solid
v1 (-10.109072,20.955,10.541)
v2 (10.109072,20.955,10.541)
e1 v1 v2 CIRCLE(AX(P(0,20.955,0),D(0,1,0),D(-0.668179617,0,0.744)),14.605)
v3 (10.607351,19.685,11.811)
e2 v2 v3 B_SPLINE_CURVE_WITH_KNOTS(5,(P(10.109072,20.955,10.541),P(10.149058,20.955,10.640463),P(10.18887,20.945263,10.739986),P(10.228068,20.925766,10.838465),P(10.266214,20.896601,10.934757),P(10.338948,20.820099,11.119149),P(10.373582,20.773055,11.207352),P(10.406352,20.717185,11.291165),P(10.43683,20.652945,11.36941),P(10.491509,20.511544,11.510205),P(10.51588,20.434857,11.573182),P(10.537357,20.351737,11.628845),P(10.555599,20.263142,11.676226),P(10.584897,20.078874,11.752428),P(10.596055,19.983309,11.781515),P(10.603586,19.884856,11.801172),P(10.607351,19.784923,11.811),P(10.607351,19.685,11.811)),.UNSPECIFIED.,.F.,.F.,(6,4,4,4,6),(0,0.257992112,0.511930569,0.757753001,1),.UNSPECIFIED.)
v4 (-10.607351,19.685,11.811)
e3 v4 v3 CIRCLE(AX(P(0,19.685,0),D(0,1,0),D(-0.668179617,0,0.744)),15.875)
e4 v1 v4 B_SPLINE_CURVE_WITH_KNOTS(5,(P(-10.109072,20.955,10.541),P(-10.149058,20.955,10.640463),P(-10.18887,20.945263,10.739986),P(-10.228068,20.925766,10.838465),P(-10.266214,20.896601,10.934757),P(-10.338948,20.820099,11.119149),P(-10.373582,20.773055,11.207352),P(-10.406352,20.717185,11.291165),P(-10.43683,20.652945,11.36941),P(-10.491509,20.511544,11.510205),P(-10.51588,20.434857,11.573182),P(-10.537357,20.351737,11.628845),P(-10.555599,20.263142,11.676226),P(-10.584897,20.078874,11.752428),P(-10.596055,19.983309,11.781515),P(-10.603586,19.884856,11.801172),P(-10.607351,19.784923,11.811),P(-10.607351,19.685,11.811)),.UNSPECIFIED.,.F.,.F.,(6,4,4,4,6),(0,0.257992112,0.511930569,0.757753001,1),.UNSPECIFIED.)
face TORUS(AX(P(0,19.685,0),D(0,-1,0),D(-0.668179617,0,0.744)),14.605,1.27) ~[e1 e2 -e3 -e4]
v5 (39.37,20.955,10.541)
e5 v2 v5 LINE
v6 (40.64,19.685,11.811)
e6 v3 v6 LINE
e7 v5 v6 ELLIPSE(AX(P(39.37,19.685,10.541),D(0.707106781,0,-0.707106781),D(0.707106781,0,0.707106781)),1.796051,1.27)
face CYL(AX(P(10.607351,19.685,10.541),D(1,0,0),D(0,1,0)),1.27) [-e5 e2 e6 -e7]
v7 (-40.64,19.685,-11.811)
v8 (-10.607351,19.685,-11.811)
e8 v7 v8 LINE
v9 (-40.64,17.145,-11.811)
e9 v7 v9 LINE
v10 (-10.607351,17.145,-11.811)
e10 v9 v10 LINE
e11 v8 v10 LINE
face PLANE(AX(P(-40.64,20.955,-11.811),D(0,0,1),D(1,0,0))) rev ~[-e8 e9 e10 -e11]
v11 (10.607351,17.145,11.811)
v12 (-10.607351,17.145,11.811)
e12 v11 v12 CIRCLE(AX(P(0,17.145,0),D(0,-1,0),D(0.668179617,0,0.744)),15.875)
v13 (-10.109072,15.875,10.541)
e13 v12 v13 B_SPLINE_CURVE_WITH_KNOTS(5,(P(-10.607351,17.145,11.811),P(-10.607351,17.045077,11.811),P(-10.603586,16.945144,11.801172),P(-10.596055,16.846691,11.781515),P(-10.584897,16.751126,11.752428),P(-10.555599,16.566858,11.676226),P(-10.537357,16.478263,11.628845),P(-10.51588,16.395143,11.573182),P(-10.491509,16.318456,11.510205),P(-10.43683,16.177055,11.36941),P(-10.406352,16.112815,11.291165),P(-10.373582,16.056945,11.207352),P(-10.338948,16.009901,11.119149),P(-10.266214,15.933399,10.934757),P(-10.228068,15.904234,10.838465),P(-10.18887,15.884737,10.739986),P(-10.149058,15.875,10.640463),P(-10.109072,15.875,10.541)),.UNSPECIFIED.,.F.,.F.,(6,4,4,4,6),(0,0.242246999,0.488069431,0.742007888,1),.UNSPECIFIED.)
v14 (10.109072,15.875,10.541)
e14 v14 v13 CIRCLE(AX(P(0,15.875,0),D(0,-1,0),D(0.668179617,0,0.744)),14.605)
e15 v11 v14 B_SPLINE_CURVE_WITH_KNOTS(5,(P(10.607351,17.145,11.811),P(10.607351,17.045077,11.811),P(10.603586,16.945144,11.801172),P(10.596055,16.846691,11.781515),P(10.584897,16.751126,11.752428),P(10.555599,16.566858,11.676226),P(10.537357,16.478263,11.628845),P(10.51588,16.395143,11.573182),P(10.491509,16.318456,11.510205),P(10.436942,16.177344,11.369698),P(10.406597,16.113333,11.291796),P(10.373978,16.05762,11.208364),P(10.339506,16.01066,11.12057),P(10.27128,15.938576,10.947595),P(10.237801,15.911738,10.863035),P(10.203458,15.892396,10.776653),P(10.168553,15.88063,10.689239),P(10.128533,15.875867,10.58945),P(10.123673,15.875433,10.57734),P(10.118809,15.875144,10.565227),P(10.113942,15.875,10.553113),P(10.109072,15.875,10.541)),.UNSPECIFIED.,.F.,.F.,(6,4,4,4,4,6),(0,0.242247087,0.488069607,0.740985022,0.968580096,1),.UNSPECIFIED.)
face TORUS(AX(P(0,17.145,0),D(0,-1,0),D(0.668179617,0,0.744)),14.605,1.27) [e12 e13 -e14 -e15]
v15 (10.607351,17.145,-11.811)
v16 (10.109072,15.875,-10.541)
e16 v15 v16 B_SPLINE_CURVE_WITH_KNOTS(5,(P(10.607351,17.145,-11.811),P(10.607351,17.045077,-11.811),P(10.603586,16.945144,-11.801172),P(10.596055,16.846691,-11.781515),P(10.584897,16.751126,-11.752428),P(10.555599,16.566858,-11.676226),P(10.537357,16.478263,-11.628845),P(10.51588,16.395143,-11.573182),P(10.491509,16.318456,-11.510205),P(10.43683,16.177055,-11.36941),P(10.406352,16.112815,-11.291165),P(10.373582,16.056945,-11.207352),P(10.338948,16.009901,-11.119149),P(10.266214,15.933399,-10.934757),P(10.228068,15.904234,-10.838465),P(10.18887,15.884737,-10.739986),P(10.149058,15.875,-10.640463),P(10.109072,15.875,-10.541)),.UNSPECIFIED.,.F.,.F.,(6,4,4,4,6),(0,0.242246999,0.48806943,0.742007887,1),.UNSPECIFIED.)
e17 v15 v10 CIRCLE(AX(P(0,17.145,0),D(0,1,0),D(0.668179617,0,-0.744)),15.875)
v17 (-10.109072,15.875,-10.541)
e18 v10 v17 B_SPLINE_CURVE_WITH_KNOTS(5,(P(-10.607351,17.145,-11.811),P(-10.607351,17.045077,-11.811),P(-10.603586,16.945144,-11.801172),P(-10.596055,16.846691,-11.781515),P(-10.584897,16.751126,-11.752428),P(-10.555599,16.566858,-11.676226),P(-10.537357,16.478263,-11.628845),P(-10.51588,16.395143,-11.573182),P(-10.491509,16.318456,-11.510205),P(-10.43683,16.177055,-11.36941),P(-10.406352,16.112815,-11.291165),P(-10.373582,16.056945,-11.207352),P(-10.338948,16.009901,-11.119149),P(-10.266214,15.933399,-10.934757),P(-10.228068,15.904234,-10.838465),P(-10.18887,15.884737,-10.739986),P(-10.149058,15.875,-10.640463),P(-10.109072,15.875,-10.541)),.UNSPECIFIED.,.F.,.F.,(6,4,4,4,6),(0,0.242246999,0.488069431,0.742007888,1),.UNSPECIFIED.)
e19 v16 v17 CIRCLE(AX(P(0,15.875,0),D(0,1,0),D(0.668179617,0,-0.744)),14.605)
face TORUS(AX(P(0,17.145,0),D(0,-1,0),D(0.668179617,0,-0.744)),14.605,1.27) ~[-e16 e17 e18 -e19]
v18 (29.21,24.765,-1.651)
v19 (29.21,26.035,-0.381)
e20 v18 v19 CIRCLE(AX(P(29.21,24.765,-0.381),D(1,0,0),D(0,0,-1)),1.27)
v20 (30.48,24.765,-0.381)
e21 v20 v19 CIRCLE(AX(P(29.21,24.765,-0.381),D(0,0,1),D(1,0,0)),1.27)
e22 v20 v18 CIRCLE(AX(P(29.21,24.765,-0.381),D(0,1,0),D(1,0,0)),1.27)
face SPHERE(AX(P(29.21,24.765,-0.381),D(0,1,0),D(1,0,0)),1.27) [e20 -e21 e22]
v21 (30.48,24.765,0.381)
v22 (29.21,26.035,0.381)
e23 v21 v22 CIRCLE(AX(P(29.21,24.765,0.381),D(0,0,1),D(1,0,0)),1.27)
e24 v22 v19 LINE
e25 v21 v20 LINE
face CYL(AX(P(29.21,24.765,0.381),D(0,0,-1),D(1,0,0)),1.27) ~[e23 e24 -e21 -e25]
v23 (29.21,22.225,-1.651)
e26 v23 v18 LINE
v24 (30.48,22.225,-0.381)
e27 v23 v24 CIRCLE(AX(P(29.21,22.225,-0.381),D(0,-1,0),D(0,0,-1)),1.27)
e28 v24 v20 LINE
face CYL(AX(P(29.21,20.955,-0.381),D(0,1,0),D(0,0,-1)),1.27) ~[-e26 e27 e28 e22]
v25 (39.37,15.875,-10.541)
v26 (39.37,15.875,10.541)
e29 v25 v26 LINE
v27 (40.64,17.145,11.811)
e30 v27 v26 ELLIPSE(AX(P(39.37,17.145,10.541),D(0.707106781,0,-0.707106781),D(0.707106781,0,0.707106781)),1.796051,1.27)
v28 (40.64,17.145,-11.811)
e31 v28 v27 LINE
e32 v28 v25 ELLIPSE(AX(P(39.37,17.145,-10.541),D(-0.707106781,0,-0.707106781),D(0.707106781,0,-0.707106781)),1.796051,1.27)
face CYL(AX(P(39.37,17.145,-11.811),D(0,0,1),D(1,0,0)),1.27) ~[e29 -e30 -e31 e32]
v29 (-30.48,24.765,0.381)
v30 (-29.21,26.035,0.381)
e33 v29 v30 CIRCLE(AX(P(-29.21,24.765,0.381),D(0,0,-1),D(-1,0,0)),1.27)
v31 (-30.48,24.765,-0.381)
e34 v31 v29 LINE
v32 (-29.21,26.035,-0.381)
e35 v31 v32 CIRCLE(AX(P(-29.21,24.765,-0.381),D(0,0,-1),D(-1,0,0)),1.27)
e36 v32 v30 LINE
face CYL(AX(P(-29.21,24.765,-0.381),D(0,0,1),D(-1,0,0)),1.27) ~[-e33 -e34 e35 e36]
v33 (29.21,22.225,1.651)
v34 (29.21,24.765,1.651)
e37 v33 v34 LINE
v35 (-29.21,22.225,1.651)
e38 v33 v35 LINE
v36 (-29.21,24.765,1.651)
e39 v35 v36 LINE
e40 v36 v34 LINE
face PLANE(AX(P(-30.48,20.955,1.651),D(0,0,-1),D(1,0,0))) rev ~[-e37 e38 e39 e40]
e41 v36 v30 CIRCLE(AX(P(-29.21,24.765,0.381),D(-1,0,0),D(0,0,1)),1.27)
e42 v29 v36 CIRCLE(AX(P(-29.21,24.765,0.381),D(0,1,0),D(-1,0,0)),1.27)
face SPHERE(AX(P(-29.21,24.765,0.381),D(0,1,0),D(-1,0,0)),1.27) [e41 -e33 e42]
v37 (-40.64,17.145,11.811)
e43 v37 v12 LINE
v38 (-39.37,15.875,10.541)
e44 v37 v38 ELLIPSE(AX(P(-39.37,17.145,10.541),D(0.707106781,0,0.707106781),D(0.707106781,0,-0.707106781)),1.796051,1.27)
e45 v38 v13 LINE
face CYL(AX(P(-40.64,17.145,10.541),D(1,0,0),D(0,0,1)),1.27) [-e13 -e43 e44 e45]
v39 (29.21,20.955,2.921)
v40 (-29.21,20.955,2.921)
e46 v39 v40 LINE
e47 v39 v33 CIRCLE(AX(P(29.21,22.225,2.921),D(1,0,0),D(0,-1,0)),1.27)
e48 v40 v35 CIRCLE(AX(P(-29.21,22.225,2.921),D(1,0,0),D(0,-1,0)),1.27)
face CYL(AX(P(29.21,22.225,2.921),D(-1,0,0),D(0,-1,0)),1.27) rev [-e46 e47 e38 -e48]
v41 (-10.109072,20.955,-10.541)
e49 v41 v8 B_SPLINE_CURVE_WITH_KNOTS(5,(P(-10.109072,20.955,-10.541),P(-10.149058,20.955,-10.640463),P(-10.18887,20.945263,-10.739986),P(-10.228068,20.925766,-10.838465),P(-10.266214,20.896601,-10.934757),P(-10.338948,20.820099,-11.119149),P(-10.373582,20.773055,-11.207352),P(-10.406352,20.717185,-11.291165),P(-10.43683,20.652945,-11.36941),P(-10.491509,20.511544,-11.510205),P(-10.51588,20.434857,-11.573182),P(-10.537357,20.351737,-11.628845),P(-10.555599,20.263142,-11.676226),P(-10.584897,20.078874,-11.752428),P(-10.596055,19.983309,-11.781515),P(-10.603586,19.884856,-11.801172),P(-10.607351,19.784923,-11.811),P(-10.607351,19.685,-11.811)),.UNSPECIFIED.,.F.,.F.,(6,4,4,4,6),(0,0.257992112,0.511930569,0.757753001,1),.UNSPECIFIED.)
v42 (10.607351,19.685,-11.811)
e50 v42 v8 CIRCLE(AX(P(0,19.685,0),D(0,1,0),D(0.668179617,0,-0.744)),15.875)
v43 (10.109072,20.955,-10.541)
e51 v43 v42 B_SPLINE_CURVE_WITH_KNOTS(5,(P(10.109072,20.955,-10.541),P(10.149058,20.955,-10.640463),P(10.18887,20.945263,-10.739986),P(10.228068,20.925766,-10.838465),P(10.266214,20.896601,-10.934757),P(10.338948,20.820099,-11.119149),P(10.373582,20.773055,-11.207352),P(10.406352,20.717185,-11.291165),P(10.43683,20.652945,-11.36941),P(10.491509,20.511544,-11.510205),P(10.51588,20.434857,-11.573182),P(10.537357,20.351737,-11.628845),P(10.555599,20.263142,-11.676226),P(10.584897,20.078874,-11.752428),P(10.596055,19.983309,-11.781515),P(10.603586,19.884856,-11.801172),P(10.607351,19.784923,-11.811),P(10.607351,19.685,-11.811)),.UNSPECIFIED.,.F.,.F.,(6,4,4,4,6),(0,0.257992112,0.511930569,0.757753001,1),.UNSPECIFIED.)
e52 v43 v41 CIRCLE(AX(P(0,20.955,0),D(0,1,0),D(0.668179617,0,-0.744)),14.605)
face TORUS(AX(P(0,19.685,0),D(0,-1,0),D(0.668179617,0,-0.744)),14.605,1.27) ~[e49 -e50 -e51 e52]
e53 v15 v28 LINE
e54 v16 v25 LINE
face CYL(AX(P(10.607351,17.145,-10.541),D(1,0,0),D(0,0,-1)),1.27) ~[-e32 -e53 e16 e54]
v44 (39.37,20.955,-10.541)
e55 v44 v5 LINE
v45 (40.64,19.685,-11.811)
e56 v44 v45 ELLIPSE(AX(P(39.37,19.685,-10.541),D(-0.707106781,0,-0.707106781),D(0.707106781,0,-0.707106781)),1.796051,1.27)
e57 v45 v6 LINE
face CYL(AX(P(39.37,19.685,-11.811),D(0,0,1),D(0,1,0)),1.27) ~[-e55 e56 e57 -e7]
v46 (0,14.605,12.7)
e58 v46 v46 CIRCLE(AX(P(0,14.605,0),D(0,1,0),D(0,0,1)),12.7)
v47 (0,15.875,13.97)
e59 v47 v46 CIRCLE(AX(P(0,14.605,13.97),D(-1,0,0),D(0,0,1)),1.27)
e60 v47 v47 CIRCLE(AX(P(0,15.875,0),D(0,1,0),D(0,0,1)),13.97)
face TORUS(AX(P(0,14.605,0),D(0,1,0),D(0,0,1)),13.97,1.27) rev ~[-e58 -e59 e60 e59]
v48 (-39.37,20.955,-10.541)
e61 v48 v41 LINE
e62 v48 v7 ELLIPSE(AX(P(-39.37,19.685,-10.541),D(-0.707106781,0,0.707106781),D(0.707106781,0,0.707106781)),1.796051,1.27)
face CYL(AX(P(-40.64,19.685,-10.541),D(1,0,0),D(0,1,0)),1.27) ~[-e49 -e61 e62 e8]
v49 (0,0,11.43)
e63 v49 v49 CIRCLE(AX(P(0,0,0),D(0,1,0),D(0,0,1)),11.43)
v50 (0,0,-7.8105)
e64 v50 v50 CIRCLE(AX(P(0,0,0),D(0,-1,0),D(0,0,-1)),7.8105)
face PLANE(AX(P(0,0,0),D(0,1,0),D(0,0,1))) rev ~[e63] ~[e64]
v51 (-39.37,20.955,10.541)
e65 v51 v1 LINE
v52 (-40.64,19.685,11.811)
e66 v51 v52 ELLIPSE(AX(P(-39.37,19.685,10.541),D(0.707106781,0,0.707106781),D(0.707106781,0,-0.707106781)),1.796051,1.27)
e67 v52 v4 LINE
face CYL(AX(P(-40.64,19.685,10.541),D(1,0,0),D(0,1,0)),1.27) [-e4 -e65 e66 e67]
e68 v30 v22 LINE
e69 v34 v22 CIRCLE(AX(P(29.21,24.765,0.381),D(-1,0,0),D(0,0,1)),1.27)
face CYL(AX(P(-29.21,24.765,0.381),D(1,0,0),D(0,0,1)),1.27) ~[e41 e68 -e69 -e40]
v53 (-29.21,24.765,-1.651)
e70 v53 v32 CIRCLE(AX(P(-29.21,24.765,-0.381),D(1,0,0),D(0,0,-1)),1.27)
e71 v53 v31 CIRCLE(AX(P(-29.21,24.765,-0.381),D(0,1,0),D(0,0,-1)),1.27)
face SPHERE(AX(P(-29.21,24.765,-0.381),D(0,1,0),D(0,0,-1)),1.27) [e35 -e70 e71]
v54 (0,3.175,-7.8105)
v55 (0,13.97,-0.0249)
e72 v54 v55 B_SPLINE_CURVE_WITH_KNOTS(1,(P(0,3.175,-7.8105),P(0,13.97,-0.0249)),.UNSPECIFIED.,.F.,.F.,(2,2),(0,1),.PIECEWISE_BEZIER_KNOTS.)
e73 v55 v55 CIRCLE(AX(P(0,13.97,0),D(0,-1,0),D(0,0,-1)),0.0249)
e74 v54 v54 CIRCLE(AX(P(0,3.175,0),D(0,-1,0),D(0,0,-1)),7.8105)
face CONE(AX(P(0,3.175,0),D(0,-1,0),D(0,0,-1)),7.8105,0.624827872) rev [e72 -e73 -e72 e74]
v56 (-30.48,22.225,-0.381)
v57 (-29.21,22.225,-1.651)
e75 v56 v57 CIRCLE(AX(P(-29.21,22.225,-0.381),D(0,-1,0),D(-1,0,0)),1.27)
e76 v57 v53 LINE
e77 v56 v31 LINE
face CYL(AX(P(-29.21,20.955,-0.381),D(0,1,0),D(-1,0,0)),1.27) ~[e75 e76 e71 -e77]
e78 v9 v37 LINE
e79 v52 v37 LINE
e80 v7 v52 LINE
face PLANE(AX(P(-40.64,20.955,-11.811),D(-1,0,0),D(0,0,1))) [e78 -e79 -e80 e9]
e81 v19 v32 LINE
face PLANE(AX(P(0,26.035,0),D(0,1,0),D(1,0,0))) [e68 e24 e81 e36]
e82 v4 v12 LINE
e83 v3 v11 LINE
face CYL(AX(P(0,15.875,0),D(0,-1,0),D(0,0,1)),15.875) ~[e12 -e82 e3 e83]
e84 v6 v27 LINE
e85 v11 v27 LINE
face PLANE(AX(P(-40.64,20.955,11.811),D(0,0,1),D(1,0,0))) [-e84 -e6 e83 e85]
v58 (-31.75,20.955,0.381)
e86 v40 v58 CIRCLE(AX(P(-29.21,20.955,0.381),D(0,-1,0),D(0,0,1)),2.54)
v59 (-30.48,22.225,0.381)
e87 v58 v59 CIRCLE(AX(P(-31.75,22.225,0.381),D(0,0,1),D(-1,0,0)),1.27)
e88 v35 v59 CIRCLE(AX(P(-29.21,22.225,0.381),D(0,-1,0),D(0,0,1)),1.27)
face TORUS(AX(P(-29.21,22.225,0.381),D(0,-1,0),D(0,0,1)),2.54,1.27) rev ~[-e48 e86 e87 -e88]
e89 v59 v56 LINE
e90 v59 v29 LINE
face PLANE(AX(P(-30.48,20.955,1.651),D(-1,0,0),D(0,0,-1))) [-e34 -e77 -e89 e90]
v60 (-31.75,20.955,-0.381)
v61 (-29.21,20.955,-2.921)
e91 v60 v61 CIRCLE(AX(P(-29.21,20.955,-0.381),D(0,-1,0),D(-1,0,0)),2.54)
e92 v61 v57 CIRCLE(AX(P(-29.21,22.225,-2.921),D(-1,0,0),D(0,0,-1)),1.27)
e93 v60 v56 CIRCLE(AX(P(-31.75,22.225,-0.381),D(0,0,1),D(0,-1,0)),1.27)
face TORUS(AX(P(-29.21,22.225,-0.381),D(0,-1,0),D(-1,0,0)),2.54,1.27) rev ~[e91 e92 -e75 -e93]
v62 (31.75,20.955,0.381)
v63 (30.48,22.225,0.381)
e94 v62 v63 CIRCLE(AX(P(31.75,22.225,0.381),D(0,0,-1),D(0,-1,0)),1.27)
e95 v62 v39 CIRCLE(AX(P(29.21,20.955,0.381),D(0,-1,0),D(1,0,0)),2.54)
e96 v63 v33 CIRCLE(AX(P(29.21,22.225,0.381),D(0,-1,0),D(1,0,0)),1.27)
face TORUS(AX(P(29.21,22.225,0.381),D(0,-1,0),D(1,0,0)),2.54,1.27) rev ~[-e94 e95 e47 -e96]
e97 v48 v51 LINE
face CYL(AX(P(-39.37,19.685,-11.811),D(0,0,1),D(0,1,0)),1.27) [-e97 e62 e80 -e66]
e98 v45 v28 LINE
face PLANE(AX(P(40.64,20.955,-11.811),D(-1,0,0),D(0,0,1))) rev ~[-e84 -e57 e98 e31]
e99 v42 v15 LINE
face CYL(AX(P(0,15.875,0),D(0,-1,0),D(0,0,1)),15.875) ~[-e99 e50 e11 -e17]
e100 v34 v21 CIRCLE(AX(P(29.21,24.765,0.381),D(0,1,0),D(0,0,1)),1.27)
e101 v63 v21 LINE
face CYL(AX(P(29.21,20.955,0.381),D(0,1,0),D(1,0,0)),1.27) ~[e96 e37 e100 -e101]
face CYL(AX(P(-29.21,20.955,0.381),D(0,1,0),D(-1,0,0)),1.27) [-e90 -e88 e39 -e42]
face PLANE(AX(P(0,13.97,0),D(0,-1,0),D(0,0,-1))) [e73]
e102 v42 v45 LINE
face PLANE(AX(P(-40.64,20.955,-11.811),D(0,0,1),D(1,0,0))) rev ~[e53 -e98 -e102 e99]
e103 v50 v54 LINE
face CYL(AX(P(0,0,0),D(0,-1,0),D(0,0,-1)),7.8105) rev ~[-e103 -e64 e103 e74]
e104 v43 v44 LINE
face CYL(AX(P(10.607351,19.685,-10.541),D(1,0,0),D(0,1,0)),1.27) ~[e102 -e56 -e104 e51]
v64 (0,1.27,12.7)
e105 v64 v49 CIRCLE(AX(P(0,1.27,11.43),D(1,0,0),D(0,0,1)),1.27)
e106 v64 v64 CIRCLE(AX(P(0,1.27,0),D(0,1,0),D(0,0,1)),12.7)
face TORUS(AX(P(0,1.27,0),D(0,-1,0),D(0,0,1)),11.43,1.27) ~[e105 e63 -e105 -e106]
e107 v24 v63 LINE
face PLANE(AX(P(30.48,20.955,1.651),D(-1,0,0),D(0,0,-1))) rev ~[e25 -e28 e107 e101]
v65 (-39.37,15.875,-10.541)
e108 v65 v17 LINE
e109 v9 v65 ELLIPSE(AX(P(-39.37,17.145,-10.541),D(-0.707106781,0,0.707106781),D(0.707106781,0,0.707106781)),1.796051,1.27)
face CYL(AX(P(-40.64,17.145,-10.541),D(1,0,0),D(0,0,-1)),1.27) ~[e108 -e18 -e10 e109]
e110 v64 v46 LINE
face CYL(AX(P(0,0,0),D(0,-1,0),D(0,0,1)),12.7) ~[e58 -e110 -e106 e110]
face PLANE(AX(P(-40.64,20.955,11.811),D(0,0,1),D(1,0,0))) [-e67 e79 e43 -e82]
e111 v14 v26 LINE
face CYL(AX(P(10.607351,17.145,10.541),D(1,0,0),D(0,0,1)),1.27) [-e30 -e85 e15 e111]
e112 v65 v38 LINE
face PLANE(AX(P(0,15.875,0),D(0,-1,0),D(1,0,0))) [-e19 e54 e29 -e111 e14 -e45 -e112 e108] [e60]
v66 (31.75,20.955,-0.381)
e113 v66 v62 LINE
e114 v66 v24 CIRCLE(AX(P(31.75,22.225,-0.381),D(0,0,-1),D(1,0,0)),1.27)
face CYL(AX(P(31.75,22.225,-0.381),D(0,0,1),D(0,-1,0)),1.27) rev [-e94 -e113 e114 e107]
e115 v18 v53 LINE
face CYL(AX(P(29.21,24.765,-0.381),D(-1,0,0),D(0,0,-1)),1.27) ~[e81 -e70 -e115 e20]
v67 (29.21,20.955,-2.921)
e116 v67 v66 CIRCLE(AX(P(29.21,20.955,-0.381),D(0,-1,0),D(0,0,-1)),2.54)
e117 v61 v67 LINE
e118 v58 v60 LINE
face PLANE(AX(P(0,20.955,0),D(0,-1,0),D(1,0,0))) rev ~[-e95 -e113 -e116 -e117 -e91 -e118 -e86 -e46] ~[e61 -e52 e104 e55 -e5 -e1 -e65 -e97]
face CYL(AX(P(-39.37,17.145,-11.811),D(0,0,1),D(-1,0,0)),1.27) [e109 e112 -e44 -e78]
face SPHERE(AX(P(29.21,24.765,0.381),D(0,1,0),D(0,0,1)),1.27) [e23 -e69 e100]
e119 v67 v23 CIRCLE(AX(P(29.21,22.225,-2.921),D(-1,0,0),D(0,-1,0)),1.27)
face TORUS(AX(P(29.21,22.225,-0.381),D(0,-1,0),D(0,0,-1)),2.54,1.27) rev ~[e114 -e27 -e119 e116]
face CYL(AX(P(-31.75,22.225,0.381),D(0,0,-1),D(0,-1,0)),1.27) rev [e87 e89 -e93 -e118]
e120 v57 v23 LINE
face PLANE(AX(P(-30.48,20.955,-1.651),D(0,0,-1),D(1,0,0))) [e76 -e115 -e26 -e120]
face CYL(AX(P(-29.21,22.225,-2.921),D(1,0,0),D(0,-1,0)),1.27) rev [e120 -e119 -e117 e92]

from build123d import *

# Parameters (mm, degrees)
SKETCH1_R           = 12.7
BOSS_EXTRUDE1_DEPTH = 15.875
SKETCH2_R           = 15.875
BOSS_EXTRUDE2_DEPTH = 5.08
SKETCH3_W           = 60.96
SKETCH3_H           = 3.302
BOSS_EXTRUDE3_DEPTH = 5.08
SKETCH4_W           = 81.28
SKETCH4_H           = 23.622
BOSS_EXTRUDE4_DEPTH = 5.08
FILLET1_R           = 1.27
FILLET2_R           = 1.27
FILLET3_R           = 1.27
FILLET4_R           = 1.27
FILLET5_R           = 1.27
FILLET7_R           = 1.27
FILLET8_R           = 1.27
SKETCH6_R           = 7.8105
CUT_EXTRUDE1_DEPTH  = 3.175
SKETCH7_R           = 7.8105
CUT_EXTRUDE2_DEPTH  = 10.795
CUT_EXTRUDE2_TAPER  = 35.8


with BuildPart() as part:
    # Sketch1 → Boss-Extrude1 (new body)
    with BuildSketch(Plane(origin=(0, 0, 0), x_dir=(1, 0, 0), z_dir=(0, 1, 0))):
        with Locations(Location((0, 0, 0), (0, 0, 270))):
            Circle(SKETCH1_R)
    extrude(amount=BOSS_EXTRUDE1_DEPTH)

    # Sketch2 → Boss-Extrude2 (add)
    with BuildSketch(Plane(origin=(0, 15.875, 0), x_dir=(1, 0, 0), z_dir=(0, 1, 0))):
        with Locations(Location((0, 0, 0), (0, 0, 270))):
            Circle(SKETCH2_R)
    extrude(amount=BOSS_EXTRUDE2_DEPTH)

    # Sketch3 → Boss-Extrude3 (add)
    with BuildSketch(Plane(origin=(0, 20.955, 0), x_dir=(1, 0, 0), z_dir=(0, 1, 0))):
        Rectangle(SKETCH3_W, SKETCH3_H)
    extrude(amount=BOSS_EXTRUDE3_DEPTH)

    # Sketch4 → Boss-Extrude4 (add)
    with BuildSketch(Plane.XZ.offset(-20.955)):
        Rectangle(SKETCH4_W, SKETCH4_H)
    extrude(amount=BOSS_EXTRUDE4_DEPTH)

    # Fillet1
    fillet1_edges = [part.edges().sort_by_distance(p)[0] for p in [
        (30.48, 23.495, 1.651),
        (30.48, 23.495, -1.651),
        (-30.48, 23.495, -1.651),
        (-30.48, 23.495, 1.651),
    ]]
    fillet(fillet1_edges, radius=FILLET1_R)

    # Fillet2
    fillet2_edges = [part.edges().sort_by_distance(p)[0] for p in [
        (0, 26.035, 1.651),
        (-30.48, 26.035, 0),
        (30.48, 26.035, 0),
        (0, 26.035, -1.651),
        (30.108025612, 26.035, 1.279025612),
        (30.108025612, 26.035, -1.279025612),
        (-30.108025612, 26.035, -1.279025612),
        (-30.108025612, 26.035, 1.279025612),
    ]]
    fillet(fillet2_edges, radius=FILLET2_R)

    # Fillet3
    fillet3_edges = [part.edges().sort_by_distance(p)[0] for p in [
        (0, 20.955, -15.875),
        (0, 20.955, 15.875),
        (25.623675707, 20.955, 11.811),
        (-25.623675707, 20.955, 11.811),
        (-25.623675707, 20.955, -11.811),
        (25.623675707, 20.955, -11.811),
        (40.64, 20.955, 0),
        (-40.64, 20.955, 0),
    ]]
    fillet(fillet3_edges, radius=FILLET3_R)

    # Fillet4
    fillet4_edges = [part.edges().sort_by_distance(p)[0] for p in [
        (0, 15.875, -15.875),
        (0, 15.875, 15.875),
        (25.623675707, 15.875, -11.811),
        (40.64, 15.875, 0),
        (25.623675707, 15.875, 11.811),
        (-25.623675707, 15.875, 11.811),
        (-40.64, 15.875, 0),
        (-25.623675707, 15.875, -11.811),
    ]]
    fillet(fillet4_edges, radius=FILLET4_R)

    # Fillet5
    fillet5_edges = [part.edges().sort_by_distance(p)[0] for p in [
        (0, 15.875, -12.7),
    ]]
    fillet(fillet5_edges, radius=FILLET5_R)

    # Fillet7
    fillet7_edges = [part.edges().sort_by_distance(p)[0] for p in [
        (0, 0, -12.7),
    ]]
    fillet(fillet7_edges, radius=FILLET7_R)

    # Fillet8
    fillet8_edges = [part.edges().sort_by_distance(p)[0] for p in [
        (0, 20.955, 1.651),
        (-30.48, 20.955, 0),
        (0, 20.955, -1.651),
        (30.48, 20.955, 0),
        (-30.108025612, 20.955, 1.279025612),
        (-30.108025612, 20.955, -1.279025612),
        (30.108025612, 20.955, -1.279025612),
        (30.108025612, 20.955, 1.279025612),
    ]]
    fillet(fillet8_edges, radius=FILLET8_R)

    # Sketch6 → Cut-Extrude1 (cut)
    with BuildSketch(Plane.XZ):
        with Locations(Location((0, 0, 0), (0, 0, 270))):
            Circle(SKETCH6_R)
    extrude(amount=-CUT_EXTRUDE1_DEPTH, mode=Mode.SUBTRACT)

    # Sketch7 → Cut-Extrude2 (cut)
    with BuildSketch(Plane.XZ.offset(-3.175)):
        with Locations(Location((0, 0, 0), (0, 0, 270))):
            Circle(SKETCH7_R)
    extrude(amount=-CUT_EXTRUDE2_DEPTH, taper=CUT_EXTRUDE2_TAPER, mode=Mode.SUBTRACT)


solid = part.part
